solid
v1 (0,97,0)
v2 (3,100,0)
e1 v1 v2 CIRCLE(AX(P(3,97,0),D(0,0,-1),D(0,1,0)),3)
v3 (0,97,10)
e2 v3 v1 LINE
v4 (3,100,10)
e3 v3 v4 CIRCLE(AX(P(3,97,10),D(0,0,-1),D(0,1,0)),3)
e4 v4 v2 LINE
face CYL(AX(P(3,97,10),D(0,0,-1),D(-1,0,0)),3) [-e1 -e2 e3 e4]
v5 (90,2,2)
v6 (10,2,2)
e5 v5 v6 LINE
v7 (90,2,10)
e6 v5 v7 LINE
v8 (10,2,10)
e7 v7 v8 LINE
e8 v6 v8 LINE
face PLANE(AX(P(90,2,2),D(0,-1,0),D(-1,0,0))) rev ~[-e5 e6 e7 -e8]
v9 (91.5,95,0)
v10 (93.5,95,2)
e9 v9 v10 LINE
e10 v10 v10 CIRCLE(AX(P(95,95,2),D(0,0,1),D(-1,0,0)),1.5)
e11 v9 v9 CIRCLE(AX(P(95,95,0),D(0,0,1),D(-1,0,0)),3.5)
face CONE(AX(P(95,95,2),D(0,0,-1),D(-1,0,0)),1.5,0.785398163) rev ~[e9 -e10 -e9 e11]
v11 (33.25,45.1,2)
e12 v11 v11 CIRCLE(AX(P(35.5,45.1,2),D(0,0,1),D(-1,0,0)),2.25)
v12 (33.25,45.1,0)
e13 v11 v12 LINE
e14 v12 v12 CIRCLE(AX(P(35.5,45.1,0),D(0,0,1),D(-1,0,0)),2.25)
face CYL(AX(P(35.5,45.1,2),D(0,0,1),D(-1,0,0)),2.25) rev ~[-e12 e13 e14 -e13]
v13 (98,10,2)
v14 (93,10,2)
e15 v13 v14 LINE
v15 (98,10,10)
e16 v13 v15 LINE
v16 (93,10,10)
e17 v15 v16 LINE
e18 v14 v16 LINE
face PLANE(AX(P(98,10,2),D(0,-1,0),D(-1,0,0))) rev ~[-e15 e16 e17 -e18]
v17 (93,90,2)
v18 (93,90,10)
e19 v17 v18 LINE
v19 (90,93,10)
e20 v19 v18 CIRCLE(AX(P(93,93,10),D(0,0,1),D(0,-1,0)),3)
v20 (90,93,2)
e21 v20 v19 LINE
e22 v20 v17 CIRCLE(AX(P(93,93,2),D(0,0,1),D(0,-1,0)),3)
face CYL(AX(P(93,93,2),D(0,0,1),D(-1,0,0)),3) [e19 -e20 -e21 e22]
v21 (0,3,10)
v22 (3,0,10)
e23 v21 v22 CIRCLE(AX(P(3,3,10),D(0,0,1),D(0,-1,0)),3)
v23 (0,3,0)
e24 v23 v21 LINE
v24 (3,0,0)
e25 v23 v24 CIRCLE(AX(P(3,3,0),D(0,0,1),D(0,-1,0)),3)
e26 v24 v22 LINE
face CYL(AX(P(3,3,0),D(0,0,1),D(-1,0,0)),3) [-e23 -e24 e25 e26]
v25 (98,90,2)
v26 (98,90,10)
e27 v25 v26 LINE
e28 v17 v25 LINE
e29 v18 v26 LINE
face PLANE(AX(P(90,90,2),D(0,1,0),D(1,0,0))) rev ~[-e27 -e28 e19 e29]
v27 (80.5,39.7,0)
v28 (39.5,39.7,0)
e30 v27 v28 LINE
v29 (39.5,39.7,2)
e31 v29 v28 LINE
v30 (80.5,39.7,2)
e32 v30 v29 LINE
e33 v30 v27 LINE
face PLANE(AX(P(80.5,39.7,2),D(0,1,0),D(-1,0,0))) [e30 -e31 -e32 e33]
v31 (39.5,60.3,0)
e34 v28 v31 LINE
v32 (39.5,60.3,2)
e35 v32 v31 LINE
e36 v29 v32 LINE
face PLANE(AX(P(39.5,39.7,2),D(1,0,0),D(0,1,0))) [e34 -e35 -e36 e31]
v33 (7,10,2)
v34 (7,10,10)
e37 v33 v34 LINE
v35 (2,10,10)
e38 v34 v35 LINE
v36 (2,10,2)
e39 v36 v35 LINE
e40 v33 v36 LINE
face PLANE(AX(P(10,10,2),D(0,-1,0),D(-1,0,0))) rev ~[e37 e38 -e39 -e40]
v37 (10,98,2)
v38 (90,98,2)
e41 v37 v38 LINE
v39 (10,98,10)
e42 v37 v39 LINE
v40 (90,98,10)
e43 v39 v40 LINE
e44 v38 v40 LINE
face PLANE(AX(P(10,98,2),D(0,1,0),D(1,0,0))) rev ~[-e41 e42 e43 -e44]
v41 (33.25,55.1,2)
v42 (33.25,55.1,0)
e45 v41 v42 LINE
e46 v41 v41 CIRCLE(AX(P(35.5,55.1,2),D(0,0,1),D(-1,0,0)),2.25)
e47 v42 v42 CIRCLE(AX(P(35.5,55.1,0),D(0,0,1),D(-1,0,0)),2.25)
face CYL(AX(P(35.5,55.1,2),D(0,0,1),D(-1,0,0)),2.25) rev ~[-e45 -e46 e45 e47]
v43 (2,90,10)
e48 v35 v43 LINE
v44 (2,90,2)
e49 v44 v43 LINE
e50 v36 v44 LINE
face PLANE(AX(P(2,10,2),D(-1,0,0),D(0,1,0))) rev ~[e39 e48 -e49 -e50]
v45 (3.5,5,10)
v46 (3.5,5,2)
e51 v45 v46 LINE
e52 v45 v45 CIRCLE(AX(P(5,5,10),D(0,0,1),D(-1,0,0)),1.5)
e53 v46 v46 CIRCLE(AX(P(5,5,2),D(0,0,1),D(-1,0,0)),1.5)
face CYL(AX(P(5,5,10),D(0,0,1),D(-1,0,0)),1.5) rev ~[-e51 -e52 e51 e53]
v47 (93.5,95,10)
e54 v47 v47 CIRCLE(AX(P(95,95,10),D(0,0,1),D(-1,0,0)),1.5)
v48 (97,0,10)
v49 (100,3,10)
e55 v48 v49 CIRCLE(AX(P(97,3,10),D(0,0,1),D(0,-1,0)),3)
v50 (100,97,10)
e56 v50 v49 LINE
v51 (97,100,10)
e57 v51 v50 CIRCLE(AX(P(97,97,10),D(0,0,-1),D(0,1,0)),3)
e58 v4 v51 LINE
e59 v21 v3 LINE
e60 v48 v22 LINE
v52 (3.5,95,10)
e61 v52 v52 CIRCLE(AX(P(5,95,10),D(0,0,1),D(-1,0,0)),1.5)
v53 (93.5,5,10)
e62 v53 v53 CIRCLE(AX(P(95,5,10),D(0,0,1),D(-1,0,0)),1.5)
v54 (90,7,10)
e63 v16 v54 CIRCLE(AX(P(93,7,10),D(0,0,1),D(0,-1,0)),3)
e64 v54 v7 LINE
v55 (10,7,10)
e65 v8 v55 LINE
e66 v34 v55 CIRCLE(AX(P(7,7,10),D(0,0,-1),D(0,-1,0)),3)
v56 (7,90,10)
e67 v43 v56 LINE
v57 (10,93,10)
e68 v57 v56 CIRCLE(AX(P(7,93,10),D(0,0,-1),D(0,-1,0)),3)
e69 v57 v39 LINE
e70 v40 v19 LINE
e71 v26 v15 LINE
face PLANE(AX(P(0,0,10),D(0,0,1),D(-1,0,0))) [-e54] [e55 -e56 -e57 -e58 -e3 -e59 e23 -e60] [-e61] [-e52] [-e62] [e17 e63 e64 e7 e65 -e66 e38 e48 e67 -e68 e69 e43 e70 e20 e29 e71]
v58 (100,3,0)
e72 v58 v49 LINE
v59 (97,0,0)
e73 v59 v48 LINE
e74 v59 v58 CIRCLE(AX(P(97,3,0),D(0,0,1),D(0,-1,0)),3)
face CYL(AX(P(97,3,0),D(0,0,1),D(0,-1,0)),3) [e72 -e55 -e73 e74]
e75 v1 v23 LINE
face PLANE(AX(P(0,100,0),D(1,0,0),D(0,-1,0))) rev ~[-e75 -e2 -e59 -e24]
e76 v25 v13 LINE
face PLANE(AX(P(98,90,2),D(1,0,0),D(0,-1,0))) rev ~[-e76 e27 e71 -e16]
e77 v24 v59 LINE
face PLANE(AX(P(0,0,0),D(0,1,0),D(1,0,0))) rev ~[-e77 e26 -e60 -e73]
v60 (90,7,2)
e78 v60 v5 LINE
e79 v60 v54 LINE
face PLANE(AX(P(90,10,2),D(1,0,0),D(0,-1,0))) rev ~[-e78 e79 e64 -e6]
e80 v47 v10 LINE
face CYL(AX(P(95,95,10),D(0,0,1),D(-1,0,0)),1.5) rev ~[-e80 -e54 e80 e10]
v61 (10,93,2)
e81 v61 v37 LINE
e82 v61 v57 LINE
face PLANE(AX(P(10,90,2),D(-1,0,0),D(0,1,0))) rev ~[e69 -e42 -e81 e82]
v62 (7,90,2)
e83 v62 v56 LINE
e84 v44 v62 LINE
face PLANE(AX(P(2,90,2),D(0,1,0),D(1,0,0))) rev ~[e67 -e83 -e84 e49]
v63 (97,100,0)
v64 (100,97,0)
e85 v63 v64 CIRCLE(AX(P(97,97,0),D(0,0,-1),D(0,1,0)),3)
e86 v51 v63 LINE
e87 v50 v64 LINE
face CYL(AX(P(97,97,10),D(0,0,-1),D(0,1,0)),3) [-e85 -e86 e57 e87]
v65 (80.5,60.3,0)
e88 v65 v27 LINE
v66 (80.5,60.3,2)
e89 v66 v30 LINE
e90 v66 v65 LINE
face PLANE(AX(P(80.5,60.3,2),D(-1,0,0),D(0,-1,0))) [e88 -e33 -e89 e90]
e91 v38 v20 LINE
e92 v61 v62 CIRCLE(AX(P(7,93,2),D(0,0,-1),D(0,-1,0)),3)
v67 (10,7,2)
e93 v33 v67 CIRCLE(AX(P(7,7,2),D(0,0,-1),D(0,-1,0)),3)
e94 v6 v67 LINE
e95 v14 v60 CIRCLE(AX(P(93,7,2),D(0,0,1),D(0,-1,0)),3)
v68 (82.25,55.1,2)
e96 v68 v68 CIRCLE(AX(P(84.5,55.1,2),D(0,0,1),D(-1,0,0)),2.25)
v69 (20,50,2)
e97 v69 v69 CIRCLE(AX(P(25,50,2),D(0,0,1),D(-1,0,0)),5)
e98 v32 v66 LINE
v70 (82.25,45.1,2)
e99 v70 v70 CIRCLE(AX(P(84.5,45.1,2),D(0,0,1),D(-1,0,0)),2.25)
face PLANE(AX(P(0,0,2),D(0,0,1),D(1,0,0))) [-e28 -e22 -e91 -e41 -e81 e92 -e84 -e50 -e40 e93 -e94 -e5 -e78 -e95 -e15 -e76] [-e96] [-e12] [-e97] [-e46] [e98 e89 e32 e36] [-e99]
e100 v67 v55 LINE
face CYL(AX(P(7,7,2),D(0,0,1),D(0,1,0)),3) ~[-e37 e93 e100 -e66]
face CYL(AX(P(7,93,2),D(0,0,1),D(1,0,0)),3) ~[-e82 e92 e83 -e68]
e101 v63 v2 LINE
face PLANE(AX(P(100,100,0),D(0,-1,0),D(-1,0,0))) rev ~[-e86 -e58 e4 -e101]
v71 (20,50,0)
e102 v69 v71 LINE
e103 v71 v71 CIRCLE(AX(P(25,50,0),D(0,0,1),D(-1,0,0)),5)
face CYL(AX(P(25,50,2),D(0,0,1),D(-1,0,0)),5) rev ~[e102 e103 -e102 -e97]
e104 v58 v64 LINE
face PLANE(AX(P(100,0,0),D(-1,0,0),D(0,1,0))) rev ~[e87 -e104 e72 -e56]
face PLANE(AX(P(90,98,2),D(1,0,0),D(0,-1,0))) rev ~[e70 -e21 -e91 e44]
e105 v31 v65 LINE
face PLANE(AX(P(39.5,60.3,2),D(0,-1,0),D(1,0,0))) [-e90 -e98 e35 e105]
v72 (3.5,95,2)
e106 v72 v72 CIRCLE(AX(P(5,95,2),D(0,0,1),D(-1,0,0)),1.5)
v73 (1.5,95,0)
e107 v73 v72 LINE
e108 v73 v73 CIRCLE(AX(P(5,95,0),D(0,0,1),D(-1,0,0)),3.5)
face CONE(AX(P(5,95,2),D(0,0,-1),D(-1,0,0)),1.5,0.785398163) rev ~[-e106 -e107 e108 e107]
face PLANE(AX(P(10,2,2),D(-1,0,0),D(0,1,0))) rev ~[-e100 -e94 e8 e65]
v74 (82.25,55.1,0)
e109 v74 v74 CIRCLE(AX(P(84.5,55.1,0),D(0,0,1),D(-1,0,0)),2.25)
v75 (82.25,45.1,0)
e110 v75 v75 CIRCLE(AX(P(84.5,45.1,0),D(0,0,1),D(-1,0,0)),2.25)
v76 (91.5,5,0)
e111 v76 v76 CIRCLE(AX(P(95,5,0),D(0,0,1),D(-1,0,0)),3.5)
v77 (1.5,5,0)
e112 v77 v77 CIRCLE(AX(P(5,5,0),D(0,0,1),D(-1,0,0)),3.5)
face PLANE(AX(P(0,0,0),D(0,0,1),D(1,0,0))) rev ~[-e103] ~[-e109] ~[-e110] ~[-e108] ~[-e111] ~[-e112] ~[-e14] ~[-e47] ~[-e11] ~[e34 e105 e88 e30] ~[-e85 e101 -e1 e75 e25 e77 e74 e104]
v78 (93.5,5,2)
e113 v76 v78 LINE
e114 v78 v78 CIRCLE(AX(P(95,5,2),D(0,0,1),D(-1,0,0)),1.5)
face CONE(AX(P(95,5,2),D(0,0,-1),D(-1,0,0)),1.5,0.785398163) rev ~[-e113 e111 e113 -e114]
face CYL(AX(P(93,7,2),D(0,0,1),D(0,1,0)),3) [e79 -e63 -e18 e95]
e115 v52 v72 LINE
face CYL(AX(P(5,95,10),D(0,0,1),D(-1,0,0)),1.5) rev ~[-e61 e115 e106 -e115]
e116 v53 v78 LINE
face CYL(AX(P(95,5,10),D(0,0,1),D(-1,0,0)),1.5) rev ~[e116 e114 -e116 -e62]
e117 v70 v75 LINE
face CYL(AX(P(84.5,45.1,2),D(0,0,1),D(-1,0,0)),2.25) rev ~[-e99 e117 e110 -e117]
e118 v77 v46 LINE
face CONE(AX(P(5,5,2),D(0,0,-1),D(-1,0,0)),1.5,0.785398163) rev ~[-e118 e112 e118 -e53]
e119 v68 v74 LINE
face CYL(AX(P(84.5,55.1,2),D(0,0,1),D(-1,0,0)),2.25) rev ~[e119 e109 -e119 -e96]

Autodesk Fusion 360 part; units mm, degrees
sketch "스케치1" plane through (0, 0, 0) normal (0, 0, 1) x (1, 0, 0)
  line L0 (0, 0) -> (100, 0)
  line L1 (100, 0) -> (100, 100)
  line L2 (100, 100) -> (0, 100)
  line L3 (0, 100) -> (0, 0)
  dimension "d1" = 100
  dimension "d2" = 100
extrude "돌출1" add sketch "스케치1" along normal blind 2
sketch "스케치2" plane through (0, 0, 2) normal (0, 0, 1) x (-1, 0, 0)
  line L0 (0, -100) -> (-100, -100)
  line L1 (-100, -100) -> (-100, 0)
  line L2 (-100, 0) -> (0, 0)
  line L3 (0, 0) -> (0, -100)
  line L4 (-10, -98) -> (-90, -98)
  line L5 (-98, -90) -> (-98, -10)
  line L6 (-90, -2) -> (-10, -2)
  line L7 (-2, -10) -> (-2, -90)
  line L8 (-2, -90) -> (-10, -90)
  line L9 (-10, -90) -> (-10, -98)
  line L10 (-90, -98) -> (-90, -90)
  line L11 (-90, -90) -> (-98, -90)
  line L12 (-98, -10) -> (-90, -10)
  line L13 (-90, -10) -> (-90, -2)
  line L14 (-10, -2) -> (-10, -10)
  line L15 (-10, -10) -> (-2, -10)
  point P0 (0, -100)
  point P1 (-100, 0)
  dimension "d5" = 2
  dimension "d6" = 2
  dimension "d7" = 8
  dimension "d8" = 8
  dimension "d9" = 2
  dimension "d10" = 2
  dimension "d11" = 8
  dimension "d12" = 8
extrude "돌출2" add sketch "스케치2" along normal blind 8
sketch "스케치3" plane through (0, 0, 10) normal (0, 0, 1) x (-1, 0, 0)
  circle A0 centre (-5, -95) radius 1.5
  circle A1 centre (-95, -95) radius 1.5
  circle A2 centre (-95, -5) radius 1.5
  circle A3 centre (-5, -5) radius 1.5
  dimension "d15" = 3
  dimension "d16" = 5
  dimension "d17" = 5
  dimension "d18" = 90
  dimension "d19" = 90
extrude "돌출3" cut sketch "스케치3" against normal blind 10
fillet "필렛1" radius 3 4 edges at (0, 0, 5) (100, 0, 5) (100, 100, 5) (0, 100, 5)
fillet "필렛1" radius 3 4 edges at (10, 90, 6) (10, 10, 6) (90, 90, 6) (90, 10, 6)
chamfer "챔퍼1" distance 2 angle 45 4 edges at (6.3985, 95.5424, 0) (6.3985, 5.5424, 0) (96.3985, 5.5424, 0) (96.3985, 95.5424, 0)
sketch "스케치4" plane through (0, 0, 2) normal (0, 0, 1) x (-1, 0, 0)
  line L0 (-39.5, -60.3) -> (-80.5, -60.3)
  line L1 (-80.5, -60.3) -> (-80.5, -39.7)
  line L2 (-80.5, -39.7) -> (-39.5, -39.7)
  line L3 (-39.5, -39.7) -> (-39.5, -60.3)
  circle A0 centre (-35.5, -55.1) radius 2.25
  circle A1 centre (-35.5, -45.1) radius 2.25
  circle A2 centre (-84.5, -55.1) radius 2.25
  circle A3 centre (-84.5, -45.1) radius 2.25
  circle A4 centre (-25, -50) radius 5
  point P0 (-3, -100)
  dimension "d27" = 20.6
  dimension "d28" = 41
  dimension "d29" = 39.5
  dimension "d33" = 10
  dimension "d34" = 49
  dimension "d35" = 4.5
  dimension "d37" = 5.4
  dimension "d41" = 39.7
  dimension "d43" = 4
  dimension "d45" = 10
  dimension "d46" = 25
  dimension "d47" = 50
extrude "돌출4" cut sketch "스케치4" against normal blind 2
